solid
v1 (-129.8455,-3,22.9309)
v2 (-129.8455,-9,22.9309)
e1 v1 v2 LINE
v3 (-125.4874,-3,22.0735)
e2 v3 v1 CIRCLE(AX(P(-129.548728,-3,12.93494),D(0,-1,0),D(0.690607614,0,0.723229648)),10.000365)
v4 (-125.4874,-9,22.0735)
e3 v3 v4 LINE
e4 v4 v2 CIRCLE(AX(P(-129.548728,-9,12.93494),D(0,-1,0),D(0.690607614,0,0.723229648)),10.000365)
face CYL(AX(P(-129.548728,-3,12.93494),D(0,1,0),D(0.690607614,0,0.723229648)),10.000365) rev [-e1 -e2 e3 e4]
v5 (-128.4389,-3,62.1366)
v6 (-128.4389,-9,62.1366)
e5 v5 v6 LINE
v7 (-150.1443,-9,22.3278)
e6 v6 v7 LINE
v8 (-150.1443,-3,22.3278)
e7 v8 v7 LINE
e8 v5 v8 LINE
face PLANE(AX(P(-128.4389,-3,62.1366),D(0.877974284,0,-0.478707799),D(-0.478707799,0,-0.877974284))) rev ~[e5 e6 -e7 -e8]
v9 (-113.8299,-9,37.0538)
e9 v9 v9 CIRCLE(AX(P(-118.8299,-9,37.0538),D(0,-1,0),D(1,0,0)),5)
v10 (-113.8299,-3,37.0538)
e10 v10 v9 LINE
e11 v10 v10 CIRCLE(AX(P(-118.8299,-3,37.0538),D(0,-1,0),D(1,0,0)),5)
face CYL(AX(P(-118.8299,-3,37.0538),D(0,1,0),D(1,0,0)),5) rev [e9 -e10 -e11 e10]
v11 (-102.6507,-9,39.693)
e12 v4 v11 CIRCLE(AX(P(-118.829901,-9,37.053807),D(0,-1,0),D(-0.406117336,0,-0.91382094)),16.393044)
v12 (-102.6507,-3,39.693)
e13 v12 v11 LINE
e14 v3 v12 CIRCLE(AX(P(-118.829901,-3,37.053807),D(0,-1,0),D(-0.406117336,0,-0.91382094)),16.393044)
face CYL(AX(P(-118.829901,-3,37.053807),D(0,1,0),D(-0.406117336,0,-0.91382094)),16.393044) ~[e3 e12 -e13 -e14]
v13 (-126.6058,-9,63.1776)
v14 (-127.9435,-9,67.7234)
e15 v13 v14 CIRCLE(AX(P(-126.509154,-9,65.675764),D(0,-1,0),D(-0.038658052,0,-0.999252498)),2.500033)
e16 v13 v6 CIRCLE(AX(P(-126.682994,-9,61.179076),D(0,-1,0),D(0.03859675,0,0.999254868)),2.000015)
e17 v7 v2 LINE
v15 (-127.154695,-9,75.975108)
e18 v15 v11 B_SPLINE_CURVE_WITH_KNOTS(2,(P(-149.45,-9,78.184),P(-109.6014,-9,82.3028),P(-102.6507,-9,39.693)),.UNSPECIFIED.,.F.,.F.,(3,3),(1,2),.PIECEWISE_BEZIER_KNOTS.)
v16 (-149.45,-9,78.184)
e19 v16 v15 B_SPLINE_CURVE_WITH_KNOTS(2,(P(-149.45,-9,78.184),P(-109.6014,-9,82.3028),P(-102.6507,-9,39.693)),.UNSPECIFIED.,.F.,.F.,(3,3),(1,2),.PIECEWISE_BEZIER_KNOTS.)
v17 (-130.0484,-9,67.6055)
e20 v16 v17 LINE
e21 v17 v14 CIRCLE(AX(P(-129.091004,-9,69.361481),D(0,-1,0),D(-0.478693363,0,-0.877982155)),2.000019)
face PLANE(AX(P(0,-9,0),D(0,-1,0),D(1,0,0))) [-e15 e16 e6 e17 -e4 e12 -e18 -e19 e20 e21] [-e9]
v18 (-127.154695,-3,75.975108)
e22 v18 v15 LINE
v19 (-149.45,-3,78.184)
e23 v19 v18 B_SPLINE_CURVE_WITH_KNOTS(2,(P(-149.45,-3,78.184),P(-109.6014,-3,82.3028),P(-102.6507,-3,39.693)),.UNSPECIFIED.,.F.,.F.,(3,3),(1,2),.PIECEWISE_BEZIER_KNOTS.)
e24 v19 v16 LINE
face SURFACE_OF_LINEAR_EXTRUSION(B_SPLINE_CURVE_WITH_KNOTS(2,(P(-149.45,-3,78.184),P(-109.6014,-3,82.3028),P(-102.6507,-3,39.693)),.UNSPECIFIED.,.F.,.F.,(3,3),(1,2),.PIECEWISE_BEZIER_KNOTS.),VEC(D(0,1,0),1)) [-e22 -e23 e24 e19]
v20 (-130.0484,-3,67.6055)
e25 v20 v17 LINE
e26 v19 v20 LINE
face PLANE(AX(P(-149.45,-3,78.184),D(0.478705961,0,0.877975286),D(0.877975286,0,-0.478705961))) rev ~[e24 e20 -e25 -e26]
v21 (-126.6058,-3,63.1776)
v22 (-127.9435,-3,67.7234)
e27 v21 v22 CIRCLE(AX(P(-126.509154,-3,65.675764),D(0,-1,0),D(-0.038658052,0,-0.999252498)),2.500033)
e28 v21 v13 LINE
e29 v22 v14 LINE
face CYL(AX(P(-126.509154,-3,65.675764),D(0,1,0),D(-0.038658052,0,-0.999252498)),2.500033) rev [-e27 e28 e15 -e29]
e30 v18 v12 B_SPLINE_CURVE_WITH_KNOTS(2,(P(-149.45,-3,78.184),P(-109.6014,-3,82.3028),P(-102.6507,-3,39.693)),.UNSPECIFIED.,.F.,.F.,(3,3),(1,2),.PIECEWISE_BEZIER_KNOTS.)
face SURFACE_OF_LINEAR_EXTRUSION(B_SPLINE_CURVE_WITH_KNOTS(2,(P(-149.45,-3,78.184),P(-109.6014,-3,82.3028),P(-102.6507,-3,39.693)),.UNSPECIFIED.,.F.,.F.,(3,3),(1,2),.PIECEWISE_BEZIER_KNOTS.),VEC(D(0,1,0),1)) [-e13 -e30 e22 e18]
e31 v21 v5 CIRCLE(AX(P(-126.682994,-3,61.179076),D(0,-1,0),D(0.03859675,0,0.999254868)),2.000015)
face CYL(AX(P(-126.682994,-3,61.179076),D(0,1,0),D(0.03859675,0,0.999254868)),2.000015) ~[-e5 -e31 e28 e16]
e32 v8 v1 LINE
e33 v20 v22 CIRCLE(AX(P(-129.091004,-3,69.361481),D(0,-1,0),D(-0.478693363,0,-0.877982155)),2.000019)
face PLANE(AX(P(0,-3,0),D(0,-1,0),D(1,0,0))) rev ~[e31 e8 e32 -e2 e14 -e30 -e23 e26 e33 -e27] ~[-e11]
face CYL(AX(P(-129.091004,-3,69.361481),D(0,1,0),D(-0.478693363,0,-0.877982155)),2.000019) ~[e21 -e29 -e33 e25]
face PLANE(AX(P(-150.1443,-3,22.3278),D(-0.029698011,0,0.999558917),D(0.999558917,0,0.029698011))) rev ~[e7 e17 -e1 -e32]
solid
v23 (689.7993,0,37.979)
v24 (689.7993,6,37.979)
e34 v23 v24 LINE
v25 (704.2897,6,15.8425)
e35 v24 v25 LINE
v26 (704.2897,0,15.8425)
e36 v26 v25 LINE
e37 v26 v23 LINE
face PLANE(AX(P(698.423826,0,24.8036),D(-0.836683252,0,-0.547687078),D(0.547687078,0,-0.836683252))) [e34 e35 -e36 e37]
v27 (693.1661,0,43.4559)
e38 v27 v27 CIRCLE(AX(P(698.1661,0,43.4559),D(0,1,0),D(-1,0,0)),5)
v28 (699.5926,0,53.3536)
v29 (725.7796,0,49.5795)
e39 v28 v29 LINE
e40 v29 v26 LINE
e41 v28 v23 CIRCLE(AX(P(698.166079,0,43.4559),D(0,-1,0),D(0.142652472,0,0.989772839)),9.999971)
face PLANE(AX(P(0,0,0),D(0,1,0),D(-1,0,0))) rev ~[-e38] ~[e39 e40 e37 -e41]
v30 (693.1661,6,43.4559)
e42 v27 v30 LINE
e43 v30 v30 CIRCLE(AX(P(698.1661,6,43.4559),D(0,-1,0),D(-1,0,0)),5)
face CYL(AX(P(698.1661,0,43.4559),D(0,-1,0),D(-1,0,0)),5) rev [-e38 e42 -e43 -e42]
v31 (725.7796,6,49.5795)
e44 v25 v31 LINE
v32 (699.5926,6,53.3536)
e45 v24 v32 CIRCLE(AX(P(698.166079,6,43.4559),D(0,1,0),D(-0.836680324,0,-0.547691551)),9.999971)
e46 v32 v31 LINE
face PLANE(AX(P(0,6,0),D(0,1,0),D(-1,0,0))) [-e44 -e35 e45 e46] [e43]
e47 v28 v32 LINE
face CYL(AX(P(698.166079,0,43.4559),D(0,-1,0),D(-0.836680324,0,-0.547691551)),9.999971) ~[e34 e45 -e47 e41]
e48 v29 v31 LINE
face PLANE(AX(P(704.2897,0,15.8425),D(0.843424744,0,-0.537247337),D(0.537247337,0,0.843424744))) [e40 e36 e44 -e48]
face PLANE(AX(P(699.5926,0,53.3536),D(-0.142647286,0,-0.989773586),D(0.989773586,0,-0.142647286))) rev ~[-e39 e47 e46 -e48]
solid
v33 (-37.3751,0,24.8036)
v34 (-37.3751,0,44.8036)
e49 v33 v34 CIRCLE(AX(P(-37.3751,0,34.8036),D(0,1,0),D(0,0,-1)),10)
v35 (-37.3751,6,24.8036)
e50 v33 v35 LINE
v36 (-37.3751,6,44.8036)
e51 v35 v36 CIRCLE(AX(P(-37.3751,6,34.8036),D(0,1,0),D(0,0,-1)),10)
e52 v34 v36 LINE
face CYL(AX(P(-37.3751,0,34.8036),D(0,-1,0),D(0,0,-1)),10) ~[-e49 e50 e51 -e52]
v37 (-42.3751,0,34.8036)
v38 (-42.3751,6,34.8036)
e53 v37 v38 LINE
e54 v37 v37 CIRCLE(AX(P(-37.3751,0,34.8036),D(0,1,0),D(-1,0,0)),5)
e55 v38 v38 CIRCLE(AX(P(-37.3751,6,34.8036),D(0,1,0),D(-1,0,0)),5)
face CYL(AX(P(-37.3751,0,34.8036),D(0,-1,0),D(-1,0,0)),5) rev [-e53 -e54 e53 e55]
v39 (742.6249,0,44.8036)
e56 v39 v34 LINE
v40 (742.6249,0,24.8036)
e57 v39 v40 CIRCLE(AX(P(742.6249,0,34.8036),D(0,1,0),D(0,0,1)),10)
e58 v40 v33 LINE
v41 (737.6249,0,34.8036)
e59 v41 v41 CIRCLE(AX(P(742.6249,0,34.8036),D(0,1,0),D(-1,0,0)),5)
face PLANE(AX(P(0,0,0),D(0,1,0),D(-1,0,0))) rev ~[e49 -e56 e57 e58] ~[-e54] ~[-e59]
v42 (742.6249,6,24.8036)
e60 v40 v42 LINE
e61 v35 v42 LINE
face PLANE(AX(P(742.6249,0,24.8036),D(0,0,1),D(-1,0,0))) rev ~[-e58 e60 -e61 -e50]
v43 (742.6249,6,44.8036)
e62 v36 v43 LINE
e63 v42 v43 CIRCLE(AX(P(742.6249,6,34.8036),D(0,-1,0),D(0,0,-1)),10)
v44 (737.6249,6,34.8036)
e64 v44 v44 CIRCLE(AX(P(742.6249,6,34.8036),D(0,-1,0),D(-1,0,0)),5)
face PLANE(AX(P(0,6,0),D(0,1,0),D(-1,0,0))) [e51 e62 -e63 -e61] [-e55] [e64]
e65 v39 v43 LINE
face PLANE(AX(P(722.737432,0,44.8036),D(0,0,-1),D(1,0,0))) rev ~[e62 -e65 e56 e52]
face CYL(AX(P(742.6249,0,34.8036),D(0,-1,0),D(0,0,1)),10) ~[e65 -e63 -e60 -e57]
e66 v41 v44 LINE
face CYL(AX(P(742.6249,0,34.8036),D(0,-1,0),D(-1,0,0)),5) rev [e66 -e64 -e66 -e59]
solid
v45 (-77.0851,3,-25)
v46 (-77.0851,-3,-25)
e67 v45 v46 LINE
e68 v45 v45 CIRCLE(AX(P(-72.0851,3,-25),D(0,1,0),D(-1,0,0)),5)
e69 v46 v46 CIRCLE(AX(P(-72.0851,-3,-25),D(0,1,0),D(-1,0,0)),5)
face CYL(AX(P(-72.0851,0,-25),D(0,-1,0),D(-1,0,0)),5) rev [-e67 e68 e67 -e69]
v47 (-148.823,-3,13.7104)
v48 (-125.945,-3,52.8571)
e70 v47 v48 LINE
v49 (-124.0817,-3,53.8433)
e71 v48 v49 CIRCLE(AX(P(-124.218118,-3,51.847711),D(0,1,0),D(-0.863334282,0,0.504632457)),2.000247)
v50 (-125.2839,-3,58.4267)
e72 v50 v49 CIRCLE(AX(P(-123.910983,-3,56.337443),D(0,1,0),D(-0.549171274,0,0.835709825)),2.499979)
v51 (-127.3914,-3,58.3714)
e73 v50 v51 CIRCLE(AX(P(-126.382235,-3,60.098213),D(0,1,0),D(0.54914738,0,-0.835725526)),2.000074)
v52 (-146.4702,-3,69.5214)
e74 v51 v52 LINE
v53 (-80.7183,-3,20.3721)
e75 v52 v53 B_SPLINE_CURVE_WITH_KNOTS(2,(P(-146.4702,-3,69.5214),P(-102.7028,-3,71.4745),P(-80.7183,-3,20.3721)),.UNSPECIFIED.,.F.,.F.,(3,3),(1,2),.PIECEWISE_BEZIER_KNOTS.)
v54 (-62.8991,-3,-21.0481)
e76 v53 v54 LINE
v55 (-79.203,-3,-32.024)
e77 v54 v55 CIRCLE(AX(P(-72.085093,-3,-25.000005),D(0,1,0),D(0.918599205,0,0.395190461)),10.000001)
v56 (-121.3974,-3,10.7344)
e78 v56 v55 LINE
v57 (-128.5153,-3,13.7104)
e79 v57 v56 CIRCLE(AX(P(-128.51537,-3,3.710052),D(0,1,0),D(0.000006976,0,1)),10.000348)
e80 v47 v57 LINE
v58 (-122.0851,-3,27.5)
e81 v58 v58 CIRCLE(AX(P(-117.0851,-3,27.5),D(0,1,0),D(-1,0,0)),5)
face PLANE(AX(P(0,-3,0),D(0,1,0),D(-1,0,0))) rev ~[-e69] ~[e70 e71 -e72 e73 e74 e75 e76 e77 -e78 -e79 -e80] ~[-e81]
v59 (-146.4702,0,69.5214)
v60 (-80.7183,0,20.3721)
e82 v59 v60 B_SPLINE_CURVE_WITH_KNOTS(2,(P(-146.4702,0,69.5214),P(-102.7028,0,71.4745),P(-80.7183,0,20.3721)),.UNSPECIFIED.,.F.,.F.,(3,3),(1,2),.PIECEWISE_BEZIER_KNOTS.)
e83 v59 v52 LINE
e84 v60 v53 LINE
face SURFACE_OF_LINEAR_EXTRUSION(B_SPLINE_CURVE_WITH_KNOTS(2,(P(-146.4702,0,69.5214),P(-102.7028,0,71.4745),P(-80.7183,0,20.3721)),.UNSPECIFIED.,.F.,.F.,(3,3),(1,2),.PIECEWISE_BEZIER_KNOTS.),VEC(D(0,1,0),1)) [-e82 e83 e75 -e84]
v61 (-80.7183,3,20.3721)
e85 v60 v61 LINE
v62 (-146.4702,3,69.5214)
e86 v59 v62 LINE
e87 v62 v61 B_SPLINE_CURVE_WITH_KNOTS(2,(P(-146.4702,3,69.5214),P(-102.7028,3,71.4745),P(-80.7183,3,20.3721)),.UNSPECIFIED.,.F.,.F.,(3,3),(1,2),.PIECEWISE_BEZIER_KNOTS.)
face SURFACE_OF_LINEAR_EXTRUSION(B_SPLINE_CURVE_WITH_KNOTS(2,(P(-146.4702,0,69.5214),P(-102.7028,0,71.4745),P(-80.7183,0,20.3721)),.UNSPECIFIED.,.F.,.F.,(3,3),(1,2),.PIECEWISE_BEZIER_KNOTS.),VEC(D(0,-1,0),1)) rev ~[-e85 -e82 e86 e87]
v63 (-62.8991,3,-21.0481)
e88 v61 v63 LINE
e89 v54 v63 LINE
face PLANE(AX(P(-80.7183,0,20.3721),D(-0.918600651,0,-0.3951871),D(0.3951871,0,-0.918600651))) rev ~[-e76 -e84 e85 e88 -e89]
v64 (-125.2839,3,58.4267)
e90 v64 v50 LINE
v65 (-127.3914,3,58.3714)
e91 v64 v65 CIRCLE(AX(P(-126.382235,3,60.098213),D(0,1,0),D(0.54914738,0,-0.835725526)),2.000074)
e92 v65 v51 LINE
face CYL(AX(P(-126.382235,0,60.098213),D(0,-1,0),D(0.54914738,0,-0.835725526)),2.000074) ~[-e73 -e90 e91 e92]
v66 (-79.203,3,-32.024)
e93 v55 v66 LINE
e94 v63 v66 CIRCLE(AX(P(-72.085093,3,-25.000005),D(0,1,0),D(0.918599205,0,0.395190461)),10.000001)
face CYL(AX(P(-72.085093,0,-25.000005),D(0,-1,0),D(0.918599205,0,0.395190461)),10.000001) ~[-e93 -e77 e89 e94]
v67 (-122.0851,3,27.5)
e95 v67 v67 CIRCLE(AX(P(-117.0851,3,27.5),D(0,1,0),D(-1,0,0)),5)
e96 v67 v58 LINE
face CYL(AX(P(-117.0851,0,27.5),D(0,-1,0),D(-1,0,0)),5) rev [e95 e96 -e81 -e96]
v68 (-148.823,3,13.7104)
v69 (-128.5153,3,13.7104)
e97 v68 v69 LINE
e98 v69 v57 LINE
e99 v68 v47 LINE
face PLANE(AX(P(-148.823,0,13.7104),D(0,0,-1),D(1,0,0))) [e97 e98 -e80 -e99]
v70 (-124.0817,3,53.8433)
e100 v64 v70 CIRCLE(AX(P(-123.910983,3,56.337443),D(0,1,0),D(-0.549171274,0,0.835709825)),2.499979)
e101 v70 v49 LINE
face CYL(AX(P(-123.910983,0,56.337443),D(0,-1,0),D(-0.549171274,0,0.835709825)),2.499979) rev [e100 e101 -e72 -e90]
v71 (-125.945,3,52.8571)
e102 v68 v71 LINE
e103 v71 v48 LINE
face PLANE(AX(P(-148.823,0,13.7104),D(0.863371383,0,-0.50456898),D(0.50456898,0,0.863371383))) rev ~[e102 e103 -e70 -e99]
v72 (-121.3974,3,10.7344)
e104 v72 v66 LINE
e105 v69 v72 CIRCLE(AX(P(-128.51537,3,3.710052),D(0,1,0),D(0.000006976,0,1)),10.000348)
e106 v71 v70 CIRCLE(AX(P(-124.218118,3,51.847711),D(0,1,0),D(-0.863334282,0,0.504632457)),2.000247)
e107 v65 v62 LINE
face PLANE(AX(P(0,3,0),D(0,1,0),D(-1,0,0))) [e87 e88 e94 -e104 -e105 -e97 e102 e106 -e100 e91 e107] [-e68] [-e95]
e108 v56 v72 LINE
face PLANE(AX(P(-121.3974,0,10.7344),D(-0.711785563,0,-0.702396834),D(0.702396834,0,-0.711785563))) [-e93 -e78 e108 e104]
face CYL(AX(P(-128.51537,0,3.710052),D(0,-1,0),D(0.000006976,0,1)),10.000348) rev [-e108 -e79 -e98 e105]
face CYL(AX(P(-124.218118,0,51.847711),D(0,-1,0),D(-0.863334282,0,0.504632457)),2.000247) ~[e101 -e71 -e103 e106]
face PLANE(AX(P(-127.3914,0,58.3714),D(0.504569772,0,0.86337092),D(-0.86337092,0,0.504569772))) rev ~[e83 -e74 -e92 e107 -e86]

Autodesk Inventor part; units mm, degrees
ref_plane "YZ Plane" through (0, 0, 0) normal (1, 0, 0) x (0, 1, 0)
ref_plane "XZ Plane" through (0, 0, 0) normal (0, 1, 0) x (-1, 0, 0)
ref_plane "XY Plane" through (0, 0, 0) normal (0, 0, 1) x (1, 0, 0)
sketch "Sketch1" plane through (0, 0, 0) normal (0, 1, 0) x (-1, 0, 0)
  line L0 (-32.0851, 0) -> (32.0851, 0)
  circle A0 centre (-707.9149, -25) radius 9.525 construction
  circle A1 centre (-708.1649, 701) radius 16.5354 construction
  line L1 (-708.1649, 701) -> (-707.9149, -25) construction
  line L2 (-707.9149, -25) -> (-1097.9553, 587.3271)
  circle A2 centre (-707.9149, -25) radius 726 construction
  line L3 (-729.0005, -38.4311) -> (-1119.041, 573.896) construction
  line L4 (-1119.041, 573.896) -> (-1076.8697, 600.7583) construction
  line L5 (-1076.8697, 600.7583) -> (-686.8292, -11.5689) construction
  line L6 (-686.8292, -11.5689) -> (-729.0005, -38.4311) construction
  line L7 (-729.0005, -38.4311) -> (-1076.8697, 600.7583) construction
  line L8 (-1119.041, 573.896) -> (-686.8292, -11.5689) construction
  line L9 (-1433.9063, -50.25) -> (-1433.9235, -0.25) construction
  line L10 (-707.9235, 0) -> (-707.9063, -50) construction
  circle A3 centre (-707.9149, -25) radius 52.5 construction
  line L11 (-689.7993, 37.979) -> (-704.2897, 15.8425)
  line L12 (-699.5926, 53.3536) -> (-725.7796, 49.5795)
  arc A4 (-689.7993, 37.979) -> (-699.5926, 53.3536) centre (-698.1661, 43.4559) ccw
  circle A5 centre (-698.1661, 43.4559) radius 5
  line L13 (-698.1661, 43.4559) -> (-736.1203, 19.2799) construction
  circle A6 centre (72.0851, -25) radius 5
  arc A7 (62.8991, -21.0481) -> (80.3122, -19.3154) centre (72.0851, -25) ccw
  circle A8 centre (72.0851, -25) radius 87.2511 construction
  line L14 (176.9747, 84.4532) -> (127.3309, 55.4404) construction
  circle A9 centre (72.0851, -25) radius 151.5976 construction
  circle A10 centre (-707.9149, -25) radius 69.1466 construction
  line L15 (-707.9387, 44.1466) -> (-777.0615, -25) construction
  line L16 (80.7183, 20.3721) -> (62.8991, -21.0481)
  line L17 (-707.933, 27.5) -> (-662.933, 27.5155) construction
  circle A11 centre (72.0851, -25) radius 52.5 construction
  circle A12 centre (72.0851, -25) radius 69.1466 construction
  line L18 (72.0851, 27.5) -> (117.0851, 27.5) construction
  circle A13 centre (117.0851, 27.5) radius 5
  arc A14 (125.2839, 58.4267) -> (124.0817, 53.8433) centre (123.911, 56.3374) ccw
  line L19 (148.823, 13.7104) -> (125.945, 52.8571)
  arc A15 (125.2839, 58.4267) -> (127.3914, 58.3714) centre (126.3822, 60.0981) ccw
  arc A16 (125.945, 52.8571) -> (124.0817, 53.8433) centre (124.2183, 51.8479) ccw
  line L20 (-704.2897, 15.8425) -> (-725.7796, 49.5795)
  line L21 (148.823, 13.7104) -> (128.5153, 13.7104)
  line L22 (121.3974, 10.7344) -> (79.203, -32.024)
  arc A17 (128.5153, 13.7104) -> (121.3974, 10.7344) centre (128.5153, 3.7104) ccw
  line L23 (123.911, 56.3374) -> (175.7133, 86.6116) construction
  line L24 (154.1852, 4.5352) -> (123.911, 56.3374) construction
  line L25 (117.0851, 27.5) -> (-662.933, 27.5155) construction
  line L26 (117.0853, 37.5) -> (-662.9328, 37.5155) construction
  line L27 (-662.9332, 17.5155) -> (117.0849, 17.5) construction
  arc A18 (117.0849, 17.5) -> (117.0853, 37.5) centre (117.0851, 27.5) ccw construction
  arc A19 (-662.9328, 37.5155) -> (-662.9332, 17.5155) centre (-662.933, 27.5155) ccw construction
  line L28 (-732.9149, -5) -> (367.0851, -5) construction
  line L29 (-732.9149, 0) -> (367.0851, 0) construction
  line L30 (-742.6249, -64.3887) -> (-742.6249, 34.8036) construction
  line L31 (37.3751, 14.3887) -> (37.3751, 34.8036) construction
  line L32 (37.3751, 34.8036) -> (-742.6249, 34.8036) construction
  line L33 (37.3751, 44.8036) -> (-742.6249, 44.8036)
  line L34 (-742.6249, 24.8036) -> (37.3751, 24.8036)
  arc A20 (37.3751, 24.8036) -> (37.3751, 44.8036) centre (37.3751, 34.8036) ccw
  arc A21 (-742.6249, 44.8036) -> (-742.6249, 24.8036) centre (-742.6249, 34.8036) ccw
  line L35 (146.4702, 69.5214) -> (102.7028, 71.4745) construction
  line L36 (102.7028, 71.4745) -> (80.7183, 20.3721) construction
  spline S0 degree 2 poles (146.4702, 69.5214) (102.7028, 71.4745) (80.7183, 20.3721) knots 1 1 1 2 2 2
  line L37 (127.3914, 58.3714) -> (146.4702, 69.5214)
  circle A22 centre (37.3751, 34.8036) radius 5
  circle A23 centre (-742.6249, 34.8036) radius 5
  point P0 (0, 0)
  point P1 (0, 0)
  point P2 (-902.9351, 281.1636)
  point P3 (-707.9149, -25)
  point P4 (126.0694, 57.5988)
  point P5 (130.1781, 60)
  point P6 (125.1724, 54.179)
  point P7 (132.8635, 61.5694)
  point P8 (-272.9239, 27.5077)
  point P9 (-352.6249, 34.8036)
  dimension "d8" = 50
  dimension "d9" = 50
  dimension "d10" = 105
  dimension "d13" = 10
  dimension "d14" = 20
  dimension "d15" = 20
  dimension "d16" = 40
  dimension "d17" = 10
  dimension "d18" = 780
  dimension "d19" = 20
  dimension "d23" = 45
  dimension "d24" = 10
  dimension "d26" = 5
  dimension "d27" = 2
  dimension "d28" = 45
  dimension "d31" = 69.1466
  dimension "d32" = 10
  dimension "d33" = 20
  dimension "d34" = 20
  dimension "d35" = 780
  dimension "d36" = 10
  dimension "d37" = 10
extrude "Extrusion1" add sketch "Sketch1" along normal mid plane 6 contours L16 S0 L37 A15 A14 A16 L19 L21 A17 L22 A7
extrude "Extrusion3" add sketch "Sketch1" along normal blind 6 separate body contours L34 L11 L20 | L20 L33 A5 A4 L11 L34 | L20 L12 A4 L33 A5
extrude "Extrusion4" add sketch "Sketch1" along normal blind 6 separate body contours L34 A21 L2 A23 | L2 A23 A21 L33 L20 L34 | L20 L33 A5 A4 L11 L34 | L11 A4 L33 A20 L34 | L33 A5 picked at (-699.4866, 42.0247)
sketch "Sketch3" plane through (0, -3, 0) normal (0, -1, 0) x (1, 0, 0)
  circle A0 centre (-118.8299, 37.0538) radius 5 projected
  circle A1 centre (-72.2906, -14.0866) radius 5 projected
  line L0 (-63.226, -9.8637) -> (-82.2675, 31.0091) projected
  spline S0 degree 2 poles (-82.2675, 31.0091) (-105.7599, 81.436) (-149.45, 78.184) knots 1 1 1 2 2 2 projected
  line L1 (-149.45, 78.184) -> (-130.0484, 67.6055) projected
  arc A2 (-130.0484, 67.6055) -> (-127.9435, 67.7234) centre (-129.091, 69.3615) ccw projected
  arc A3 (-126.6058, 63.1776) -> (-127.9435, 67.7234) centre (-126.5092, 65.6758) ccw projected
  arc A4 (-126.6058, 63.1776) -> (-128.4389, 62.1366) centre (-126.683, 61.1791) ccw projected
  line L2 (-128.4389, 62.1366) -> (-150.1443, 22.3278) projected
  line L3 (-150.1443, 22.3278) -> (-129.8455, 22.9309) projected
  arc A5 (-122.6424, 20.1675) -> (-129.8455, 22.9309) centre (-129.5485, 12.9353) ccw projected
  line L4 (-122.6424, 20.1675) -> (-79.1967, -21.3189) projected
  arc A6 (-79.1967, -21.3189) -> (-63.226, -9.8637) centre (-72.2906, -14.0866) ccw projected
  arc A7 (-125.4874, 22.0735) -> (-102.6507, 39.693) centre (-118.8299, 37.0538) ccw
  line L5 (-149.45, 78.184) -> (-109.6014, 82.3028) construction
  line L6 (-109.6014, 82.3028) -> (-102.6507, 39.693) construction
  spline S1 degree 2 poles (-149.45, 78.184) (-109.6014, 82.3028) (-102.6507, 39.693) knots 1 1 1 2 2 2
  point P0 (0, 0)
extrude "Extrusion5" add sketch "Sketch3" along normal blind 6 separate body contours S1 A7 A5 L3 L2 A4 A3 A2 L1 S0 | S0 S1
properties part number "Soporte freno"
